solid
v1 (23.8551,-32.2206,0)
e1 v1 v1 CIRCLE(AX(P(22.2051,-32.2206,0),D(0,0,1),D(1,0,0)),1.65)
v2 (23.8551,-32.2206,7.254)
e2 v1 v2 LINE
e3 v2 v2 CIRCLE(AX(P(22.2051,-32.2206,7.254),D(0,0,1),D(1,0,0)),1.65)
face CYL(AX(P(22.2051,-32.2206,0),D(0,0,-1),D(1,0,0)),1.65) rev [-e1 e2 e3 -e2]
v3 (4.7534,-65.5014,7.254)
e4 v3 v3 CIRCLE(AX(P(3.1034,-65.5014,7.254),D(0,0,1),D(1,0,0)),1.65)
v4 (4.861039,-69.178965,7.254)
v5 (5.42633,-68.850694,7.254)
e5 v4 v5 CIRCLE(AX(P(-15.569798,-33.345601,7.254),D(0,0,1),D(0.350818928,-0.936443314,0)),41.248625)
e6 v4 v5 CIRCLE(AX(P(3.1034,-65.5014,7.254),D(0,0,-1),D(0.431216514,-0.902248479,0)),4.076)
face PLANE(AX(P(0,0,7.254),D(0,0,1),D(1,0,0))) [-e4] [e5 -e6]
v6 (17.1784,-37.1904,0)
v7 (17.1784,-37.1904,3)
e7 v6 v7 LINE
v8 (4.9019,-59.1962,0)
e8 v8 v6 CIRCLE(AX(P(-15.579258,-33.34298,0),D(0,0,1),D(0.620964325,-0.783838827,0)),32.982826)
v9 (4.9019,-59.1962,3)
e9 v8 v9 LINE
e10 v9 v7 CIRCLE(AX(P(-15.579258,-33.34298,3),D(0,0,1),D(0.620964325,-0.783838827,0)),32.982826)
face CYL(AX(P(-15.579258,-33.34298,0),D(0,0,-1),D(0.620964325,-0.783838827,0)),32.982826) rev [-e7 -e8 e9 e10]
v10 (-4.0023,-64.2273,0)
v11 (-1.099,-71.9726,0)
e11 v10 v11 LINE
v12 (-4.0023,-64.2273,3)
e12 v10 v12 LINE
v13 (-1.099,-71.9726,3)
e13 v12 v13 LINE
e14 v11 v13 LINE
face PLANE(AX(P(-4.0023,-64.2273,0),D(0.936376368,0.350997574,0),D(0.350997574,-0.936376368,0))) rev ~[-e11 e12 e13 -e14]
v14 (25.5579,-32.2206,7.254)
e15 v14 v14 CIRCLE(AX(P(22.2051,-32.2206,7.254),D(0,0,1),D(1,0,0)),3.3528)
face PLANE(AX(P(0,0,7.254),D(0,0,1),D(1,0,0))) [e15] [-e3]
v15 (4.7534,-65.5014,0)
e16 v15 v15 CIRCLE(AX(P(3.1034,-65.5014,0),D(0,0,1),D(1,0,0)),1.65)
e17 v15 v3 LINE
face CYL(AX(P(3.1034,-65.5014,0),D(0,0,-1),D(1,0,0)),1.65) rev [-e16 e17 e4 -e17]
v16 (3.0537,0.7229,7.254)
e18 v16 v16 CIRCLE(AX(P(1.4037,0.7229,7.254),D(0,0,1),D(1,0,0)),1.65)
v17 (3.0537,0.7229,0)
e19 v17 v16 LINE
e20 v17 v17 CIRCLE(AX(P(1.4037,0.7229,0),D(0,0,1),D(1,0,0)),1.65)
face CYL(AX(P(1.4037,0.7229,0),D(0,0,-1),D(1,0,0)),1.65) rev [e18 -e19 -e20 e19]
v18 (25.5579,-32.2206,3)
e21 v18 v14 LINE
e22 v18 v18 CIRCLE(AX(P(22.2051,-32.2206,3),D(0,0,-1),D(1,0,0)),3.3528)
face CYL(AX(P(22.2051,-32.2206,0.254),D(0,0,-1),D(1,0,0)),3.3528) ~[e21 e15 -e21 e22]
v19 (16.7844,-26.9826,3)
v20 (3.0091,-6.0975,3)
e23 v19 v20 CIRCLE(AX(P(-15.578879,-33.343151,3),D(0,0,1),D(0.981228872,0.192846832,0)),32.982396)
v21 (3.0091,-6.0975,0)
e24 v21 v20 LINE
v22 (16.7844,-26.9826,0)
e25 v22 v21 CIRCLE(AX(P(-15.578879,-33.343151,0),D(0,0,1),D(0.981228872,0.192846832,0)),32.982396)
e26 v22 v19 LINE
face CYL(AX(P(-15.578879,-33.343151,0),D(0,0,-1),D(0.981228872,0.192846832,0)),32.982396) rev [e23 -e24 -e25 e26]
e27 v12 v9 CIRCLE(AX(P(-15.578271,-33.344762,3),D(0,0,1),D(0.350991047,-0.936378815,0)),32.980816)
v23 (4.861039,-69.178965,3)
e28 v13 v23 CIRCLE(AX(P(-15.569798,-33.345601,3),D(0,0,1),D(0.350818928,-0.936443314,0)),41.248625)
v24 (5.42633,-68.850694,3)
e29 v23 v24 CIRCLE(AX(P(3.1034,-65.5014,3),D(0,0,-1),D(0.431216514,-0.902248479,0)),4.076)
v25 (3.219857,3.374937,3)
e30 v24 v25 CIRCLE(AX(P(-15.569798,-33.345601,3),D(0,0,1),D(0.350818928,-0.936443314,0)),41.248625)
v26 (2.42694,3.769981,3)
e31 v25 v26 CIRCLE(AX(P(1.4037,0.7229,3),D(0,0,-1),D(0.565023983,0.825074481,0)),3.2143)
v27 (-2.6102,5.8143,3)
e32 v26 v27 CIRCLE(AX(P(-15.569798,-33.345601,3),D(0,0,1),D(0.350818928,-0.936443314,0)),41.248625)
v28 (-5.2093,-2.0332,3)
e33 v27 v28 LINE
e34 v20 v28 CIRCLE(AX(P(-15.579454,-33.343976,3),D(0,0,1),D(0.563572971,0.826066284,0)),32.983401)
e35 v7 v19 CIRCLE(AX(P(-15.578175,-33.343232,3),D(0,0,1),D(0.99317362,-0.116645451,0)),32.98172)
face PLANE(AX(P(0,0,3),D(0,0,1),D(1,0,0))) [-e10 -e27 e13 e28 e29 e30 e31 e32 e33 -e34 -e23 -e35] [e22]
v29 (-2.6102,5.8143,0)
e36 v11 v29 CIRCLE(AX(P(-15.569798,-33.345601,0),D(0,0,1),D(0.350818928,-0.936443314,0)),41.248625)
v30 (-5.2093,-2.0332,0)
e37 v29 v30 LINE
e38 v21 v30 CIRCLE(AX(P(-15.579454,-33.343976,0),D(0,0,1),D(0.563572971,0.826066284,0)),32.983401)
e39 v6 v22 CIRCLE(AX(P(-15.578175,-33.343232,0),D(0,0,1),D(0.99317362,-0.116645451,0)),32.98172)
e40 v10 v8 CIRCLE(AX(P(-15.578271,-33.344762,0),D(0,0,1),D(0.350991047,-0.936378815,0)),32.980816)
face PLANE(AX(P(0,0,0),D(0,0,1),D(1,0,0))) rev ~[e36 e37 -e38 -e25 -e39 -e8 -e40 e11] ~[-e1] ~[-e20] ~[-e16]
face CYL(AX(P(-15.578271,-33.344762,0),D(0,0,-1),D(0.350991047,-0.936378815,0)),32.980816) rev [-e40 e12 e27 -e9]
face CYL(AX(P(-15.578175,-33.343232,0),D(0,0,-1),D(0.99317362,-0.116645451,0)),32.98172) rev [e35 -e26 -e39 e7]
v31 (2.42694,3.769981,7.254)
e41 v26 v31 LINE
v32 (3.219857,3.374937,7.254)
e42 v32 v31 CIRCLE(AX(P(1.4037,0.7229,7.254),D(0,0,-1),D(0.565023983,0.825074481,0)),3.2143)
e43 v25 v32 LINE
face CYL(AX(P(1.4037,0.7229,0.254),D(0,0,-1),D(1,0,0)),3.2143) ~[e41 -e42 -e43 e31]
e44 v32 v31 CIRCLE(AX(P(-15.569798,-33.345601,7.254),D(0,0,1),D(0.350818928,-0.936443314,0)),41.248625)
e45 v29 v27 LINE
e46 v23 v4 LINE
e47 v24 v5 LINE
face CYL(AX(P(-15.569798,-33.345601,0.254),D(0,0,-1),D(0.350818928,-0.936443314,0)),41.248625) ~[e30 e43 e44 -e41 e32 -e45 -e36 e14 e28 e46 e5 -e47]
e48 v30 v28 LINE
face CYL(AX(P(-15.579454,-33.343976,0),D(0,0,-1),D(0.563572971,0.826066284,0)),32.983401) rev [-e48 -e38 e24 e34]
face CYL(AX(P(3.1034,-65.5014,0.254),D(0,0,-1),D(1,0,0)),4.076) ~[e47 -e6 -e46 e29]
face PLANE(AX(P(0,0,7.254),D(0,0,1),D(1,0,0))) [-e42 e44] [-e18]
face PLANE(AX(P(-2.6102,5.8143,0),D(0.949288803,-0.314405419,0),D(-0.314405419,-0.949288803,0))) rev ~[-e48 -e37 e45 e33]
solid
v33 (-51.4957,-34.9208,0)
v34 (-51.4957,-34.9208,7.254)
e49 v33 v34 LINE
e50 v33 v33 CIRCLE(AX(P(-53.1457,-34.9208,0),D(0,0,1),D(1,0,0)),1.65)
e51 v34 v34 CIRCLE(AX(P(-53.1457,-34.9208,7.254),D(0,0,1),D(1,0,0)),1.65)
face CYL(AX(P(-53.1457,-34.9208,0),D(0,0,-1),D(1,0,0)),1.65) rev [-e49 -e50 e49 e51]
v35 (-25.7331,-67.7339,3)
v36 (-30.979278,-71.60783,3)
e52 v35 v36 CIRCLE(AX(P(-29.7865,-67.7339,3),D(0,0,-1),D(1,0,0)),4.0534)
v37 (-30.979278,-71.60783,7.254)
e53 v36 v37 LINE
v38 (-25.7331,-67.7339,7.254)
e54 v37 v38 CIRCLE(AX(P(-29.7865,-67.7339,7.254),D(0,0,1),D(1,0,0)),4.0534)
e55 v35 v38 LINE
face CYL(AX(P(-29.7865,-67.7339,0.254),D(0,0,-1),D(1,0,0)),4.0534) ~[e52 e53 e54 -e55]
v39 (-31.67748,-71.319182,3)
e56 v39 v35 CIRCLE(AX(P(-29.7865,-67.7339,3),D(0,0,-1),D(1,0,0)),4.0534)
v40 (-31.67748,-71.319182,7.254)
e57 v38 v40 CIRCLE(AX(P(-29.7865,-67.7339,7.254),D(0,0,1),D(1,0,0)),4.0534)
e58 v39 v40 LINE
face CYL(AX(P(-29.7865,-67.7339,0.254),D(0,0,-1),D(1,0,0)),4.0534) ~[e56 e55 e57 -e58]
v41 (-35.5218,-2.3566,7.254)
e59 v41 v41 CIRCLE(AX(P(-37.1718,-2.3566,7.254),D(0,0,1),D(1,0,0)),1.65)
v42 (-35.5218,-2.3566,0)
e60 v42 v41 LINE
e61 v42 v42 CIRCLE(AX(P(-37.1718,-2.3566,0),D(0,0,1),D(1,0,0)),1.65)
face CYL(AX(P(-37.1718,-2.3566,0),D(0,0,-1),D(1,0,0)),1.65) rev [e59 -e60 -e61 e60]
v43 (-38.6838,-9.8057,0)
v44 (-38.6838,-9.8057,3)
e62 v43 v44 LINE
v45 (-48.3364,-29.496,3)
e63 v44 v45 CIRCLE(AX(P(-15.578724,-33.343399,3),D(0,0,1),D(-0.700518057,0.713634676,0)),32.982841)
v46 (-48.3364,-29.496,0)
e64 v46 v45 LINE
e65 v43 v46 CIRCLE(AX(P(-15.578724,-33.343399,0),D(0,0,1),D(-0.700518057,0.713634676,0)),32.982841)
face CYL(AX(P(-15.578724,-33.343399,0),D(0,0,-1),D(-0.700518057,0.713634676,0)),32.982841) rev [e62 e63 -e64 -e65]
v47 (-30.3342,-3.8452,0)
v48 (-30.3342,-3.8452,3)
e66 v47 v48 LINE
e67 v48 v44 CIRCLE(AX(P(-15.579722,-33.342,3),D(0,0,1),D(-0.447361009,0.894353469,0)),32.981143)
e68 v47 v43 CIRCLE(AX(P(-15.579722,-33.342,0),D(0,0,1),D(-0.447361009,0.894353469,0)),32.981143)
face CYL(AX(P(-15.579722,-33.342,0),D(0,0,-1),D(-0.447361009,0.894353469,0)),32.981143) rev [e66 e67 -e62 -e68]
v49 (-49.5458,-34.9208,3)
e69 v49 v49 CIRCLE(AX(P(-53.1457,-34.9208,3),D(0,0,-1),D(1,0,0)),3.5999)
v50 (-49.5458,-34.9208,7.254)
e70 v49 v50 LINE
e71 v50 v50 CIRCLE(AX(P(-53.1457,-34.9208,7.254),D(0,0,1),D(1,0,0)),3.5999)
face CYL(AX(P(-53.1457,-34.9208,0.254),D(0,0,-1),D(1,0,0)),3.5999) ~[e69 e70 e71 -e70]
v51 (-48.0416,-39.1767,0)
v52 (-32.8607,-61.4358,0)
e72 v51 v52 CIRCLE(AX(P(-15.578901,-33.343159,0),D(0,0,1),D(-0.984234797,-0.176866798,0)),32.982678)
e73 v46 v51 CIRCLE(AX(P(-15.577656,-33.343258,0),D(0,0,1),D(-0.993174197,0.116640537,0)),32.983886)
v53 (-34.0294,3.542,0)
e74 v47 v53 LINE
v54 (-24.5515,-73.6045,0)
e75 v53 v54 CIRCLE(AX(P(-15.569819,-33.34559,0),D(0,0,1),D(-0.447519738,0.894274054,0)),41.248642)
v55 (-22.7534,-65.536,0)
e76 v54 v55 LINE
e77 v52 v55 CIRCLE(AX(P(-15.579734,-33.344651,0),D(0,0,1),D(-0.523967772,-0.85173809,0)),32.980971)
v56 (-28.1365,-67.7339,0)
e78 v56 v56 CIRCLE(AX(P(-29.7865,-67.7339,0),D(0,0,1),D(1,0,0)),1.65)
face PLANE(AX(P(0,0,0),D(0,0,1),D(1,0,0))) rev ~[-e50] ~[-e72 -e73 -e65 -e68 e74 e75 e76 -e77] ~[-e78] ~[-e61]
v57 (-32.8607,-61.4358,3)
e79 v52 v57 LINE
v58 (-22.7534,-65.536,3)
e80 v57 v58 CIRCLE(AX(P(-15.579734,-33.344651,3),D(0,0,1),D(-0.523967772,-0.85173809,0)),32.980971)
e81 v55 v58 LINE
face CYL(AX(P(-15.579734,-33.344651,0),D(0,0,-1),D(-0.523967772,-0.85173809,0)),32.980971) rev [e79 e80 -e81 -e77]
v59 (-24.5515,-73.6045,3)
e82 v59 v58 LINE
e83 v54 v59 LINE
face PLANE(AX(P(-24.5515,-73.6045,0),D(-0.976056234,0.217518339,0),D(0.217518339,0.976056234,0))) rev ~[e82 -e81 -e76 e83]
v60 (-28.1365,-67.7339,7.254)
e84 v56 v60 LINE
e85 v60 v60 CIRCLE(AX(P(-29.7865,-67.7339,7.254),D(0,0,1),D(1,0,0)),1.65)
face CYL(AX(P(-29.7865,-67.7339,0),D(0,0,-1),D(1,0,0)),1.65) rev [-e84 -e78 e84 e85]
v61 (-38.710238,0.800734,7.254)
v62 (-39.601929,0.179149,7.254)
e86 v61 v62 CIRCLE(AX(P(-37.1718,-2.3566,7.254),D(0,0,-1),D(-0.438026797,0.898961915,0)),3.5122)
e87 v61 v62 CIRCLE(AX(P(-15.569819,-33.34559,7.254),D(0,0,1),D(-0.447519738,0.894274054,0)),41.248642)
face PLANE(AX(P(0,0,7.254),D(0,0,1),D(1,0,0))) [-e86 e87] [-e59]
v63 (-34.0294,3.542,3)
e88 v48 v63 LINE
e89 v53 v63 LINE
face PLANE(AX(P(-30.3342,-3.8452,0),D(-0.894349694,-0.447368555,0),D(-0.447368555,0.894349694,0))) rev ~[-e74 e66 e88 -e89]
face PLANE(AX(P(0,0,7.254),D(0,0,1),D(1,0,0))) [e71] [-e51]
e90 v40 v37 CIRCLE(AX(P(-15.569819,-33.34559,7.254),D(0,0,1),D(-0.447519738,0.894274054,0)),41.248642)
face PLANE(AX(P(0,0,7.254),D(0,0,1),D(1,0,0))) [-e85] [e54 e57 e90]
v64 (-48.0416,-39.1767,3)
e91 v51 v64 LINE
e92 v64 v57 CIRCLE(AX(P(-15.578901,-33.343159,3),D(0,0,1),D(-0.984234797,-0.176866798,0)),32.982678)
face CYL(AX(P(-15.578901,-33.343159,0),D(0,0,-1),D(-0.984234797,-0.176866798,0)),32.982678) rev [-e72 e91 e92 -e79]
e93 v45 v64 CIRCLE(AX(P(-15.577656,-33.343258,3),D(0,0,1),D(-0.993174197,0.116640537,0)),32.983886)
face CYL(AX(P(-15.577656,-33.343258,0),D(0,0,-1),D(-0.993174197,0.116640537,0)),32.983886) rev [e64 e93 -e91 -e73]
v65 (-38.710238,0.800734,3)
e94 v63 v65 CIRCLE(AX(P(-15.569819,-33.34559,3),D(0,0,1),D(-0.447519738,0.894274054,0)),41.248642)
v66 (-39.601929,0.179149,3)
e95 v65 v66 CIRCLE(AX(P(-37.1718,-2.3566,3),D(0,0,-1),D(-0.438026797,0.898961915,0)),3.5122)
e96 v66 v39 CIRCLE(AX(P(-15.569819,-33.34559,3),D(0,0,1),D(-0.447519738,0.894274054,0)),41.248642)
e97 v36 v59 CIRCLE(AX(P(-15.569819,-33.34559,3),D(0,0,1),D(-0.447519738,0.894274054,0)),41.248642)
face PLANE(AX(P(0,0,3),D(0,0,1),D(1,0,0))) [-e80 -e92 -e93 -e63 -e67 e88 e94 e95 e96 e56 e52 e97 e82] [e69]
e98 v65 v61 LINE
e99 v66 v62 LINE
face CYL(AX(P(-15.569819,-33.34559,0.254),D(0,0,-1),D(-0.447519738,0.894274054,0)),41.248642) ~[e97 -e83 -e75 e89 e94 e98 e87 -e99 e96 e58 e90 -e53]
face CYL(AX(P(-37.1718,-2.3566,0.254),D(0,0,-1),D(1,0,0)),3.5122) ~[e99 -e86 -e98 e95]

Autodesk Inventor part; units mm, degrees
ref_plane "YZ Plane" through (0, 0, 0) normal (1, 0, 0) x (0, 1, 0)
ref_plane "XZ Plane" through (0, 0, 0) normal (0, 1, 0) x (-1, 0, 0)
ref_plane "XY Plane" through (0, 0, 0) normal (0, 0, 1) x (1, 0, 0)
ref_plane "Work Plane1" through (0, 0, 0.254) normal (0, 0, 1) x (1, 0, 0)
sketch "Sketch1" plane through (0, 0, 0.254) normal (0, 0, 1) x (1, 0, 0)
  line L0 (-30.3342, -3.8452) -> (-34.0294, 3.542) projected
  arc A0 (-34.0294, 3.542) -> (-24.5515, -73.6045) centre (-15.5698, -33.3456) ccw projected
  line L1 (-24.5515, -73.6045) -> (-22.7534, -65.536) projected
  arc A1 (-32.8607, -61.4358) -> (-22.7534, -65.536) centre (-15.579, -33.3432) ccw projected
  arc A2 (-48.0416, -39.1767) -> (-32.8607, -61.4358) centre (-15.579, -33.3432) ccw projected
  arc A3 (-48.3364, -29.496) -> (-48.0416, -39.1767) centre (-15.579, -33.3432) ccw projected
  arc A4 (-38.6838, -9.8057) -> (-48.3364, -29.496) centre (-15.579, -33.3432) ccw projected
  arc A5 (-30.3342, -3.8452) -> (-38.6838, -9.8057) centre (-15.579, -33.3432) ccw projected
  circle A6 centre (-37.1718, -2.3566) radius 1.65 projected
  circle A7 centre (-53.1457, -34.9208) radius 1.65 projected
  circle A8 centre (-29.7865, -67.7339) radius 1.65 projected
  line L2 (-4.0023, -64.2273) -> (-1.099, -71.9726) projected
  arc A9 (-1.099, -71.9726) -> (-2.6102, 5.8143) centre (-15.5698, -33.3456) ccw projected
  line L3 (-2.6102, 5.8143) -> (-5.2093, -2.0332) projected
  arc A10 (3.0091, -6.0975) -> (-5.2093, -2.0332) centre (-15.579, -33.3432) ccw projected
  arc A11 (16.7844, -26.9826) -> (3.0091, -6.0975) centre (-15.579, -33.3432) ccw projected
  arc A12 (17.1784, -37.1904) -> (16.7844, -26.9826) centre (-15.579, -33.3432) ccw projected
  arc A13 (4.9019, -59.1962) -> (17.1784, -37.1904) centre (-15.579, -33.3432) ccw projected
  arc A14 (-4.0023, -64.2273) -> (4.9019, -59.1962) centre (-15.579, -33.3432) ccw projected
  circle A15 centre (1.4037, 0.7229) radius 1.65 projected
  circle A16 centre (22.2051, -32.2206) radius 1.65 projected
  circle A17 centre (3.1034, -65.5014) radius 1.65 projected
  circle A18 centre (-53.1457, -34.9208) radius 3.5999
  circle A19 centre (-37.1718, -2.3566) radius 3.5122
  circle A20 centre (1.4037, 0.7229) radius 3.2143
  circle A21 centre (22.2051, -32.2206) radius 3.3528
  circle A22 centre (3.1034, -65.5014) radius 4.076
  circle A23 centre (-29.7865, -67.7339) radius 4.0534
  point P0 (0, 0)
  point P1 (2.4269, 3.77)
  point P2 (3.22, 3.3748)
  point P3 (5.4258, -68.851)
  point P4 (4.8616, -69.1787)
  point P5 (-30.9787, -71.6081)
  point P6 (-31.6782, -71.3189)
  point P7 (-39.602, 0.179)
  point P8 (-38.7101, 0.8007)
extrude "Extrusion1" add sketch "Sketch1" along normal blind 7 contours A19 A0 | A23 A0 | A22 A9 | A20 A9 | A18 | A21 picked at (-34.3318, -2.7742) picked at (-26.5918, -67.2698) picked at (6.314, -65.0394) picked at (4.0492, 1.1119)
ref_plane "Work Plane2" through (0, 0, 0) normal (0, 0, 1) x (1, 0, 0)
sketch "Sketch2" plane through (0, 0, 0) normal (0, 0, 1) x (1, 0, 0)
  line L0 (-30.3342, -3.8452) -> (-34.0294, 3.542) projected
  arc A0 (-34.0294, 3.542) -> (-24.5515, -73.6045) centre (-15.5698, -33.3456) ccw projected
  line L1 (-24.5515, -73.6045) -> (-22.7534, -65.536) projected
  arc A1 (-32.8607, -61.4358) -> (-22.7534, -65.536) centre (-15.579, -33.3432) ccw projected
  arc A2 (-48.0416, -39.1767) -> (-32.8607, -61.4358) centre (-15.579, -33.3432) ccw projected
  arc A3 (-48.3364, -29.496) -> (-48.0416, -39.1767) centre (-15.579, -33.3432) ccw projected
  arc A4 (-38.6838, -9.8057) -> (-48.3364, -29.496) centre (-15.579, -33.3432) ccw projected
  arc A5 (-30.3342, -3.8452) -> (-38.6838, -9.8057) centre (-15.579, -33.3432) ccw projected
  circle A6 centre (-37.1718, -2.3566) radius 1.65 projected
  circle A7 centre (-53.1457, -34.9208) radius 1.65 projected
  circle A8 centre (-29.7865, -67.7339) radius 1.65 projected
  line L2 (-4.0023, -64.2273) -> (-1.099, -71.9726) projected
  arc A9 (-1.099, -71.9726) -> (-2.6102, 5.8143) centre (-15.5698, -33.3456) ccw projected
  line L3 (-2.6102, 5.8143) -> (-5.2093, -2.0332) projected
  arc A10 (3.0091, -6.0975) -> (-5.2093, -2.0332) centre (-15.579, -33.3432) ccw projected
  arc A11 (16.7844, -26.9826) -> (3.0091, -6.0975) centre (-15.579, -33.3432) ccw projected
  arc A12 (17.1784, -37.1904) -> (16.7844, -26.9826) centre (-15.579, -33.3432) ccw projected
  arc A13 (4.9019, -59.1962) -> (17.1784, -37.1904) centre (-15.579, -33.3432) ccw projected
  arc A14 (-4.0023, -64.2273) -> (4.9019, -59.1962) centre (-15.579, -33.3432) ccw projected
  circle A15 centre (1.4037, 0.7229) radius 1.65 projected
  circle A16 centre (22.2051, -32.2206) radius 1.65 projected
  circle A17 centre (3.1034, -65.5014) radius 1.65 projected
  point P0 (0, 0)
extrude "Extrusion2" add sketch "Sketch2" along normal blind 3
properties part number "Part5_3DPrint"
